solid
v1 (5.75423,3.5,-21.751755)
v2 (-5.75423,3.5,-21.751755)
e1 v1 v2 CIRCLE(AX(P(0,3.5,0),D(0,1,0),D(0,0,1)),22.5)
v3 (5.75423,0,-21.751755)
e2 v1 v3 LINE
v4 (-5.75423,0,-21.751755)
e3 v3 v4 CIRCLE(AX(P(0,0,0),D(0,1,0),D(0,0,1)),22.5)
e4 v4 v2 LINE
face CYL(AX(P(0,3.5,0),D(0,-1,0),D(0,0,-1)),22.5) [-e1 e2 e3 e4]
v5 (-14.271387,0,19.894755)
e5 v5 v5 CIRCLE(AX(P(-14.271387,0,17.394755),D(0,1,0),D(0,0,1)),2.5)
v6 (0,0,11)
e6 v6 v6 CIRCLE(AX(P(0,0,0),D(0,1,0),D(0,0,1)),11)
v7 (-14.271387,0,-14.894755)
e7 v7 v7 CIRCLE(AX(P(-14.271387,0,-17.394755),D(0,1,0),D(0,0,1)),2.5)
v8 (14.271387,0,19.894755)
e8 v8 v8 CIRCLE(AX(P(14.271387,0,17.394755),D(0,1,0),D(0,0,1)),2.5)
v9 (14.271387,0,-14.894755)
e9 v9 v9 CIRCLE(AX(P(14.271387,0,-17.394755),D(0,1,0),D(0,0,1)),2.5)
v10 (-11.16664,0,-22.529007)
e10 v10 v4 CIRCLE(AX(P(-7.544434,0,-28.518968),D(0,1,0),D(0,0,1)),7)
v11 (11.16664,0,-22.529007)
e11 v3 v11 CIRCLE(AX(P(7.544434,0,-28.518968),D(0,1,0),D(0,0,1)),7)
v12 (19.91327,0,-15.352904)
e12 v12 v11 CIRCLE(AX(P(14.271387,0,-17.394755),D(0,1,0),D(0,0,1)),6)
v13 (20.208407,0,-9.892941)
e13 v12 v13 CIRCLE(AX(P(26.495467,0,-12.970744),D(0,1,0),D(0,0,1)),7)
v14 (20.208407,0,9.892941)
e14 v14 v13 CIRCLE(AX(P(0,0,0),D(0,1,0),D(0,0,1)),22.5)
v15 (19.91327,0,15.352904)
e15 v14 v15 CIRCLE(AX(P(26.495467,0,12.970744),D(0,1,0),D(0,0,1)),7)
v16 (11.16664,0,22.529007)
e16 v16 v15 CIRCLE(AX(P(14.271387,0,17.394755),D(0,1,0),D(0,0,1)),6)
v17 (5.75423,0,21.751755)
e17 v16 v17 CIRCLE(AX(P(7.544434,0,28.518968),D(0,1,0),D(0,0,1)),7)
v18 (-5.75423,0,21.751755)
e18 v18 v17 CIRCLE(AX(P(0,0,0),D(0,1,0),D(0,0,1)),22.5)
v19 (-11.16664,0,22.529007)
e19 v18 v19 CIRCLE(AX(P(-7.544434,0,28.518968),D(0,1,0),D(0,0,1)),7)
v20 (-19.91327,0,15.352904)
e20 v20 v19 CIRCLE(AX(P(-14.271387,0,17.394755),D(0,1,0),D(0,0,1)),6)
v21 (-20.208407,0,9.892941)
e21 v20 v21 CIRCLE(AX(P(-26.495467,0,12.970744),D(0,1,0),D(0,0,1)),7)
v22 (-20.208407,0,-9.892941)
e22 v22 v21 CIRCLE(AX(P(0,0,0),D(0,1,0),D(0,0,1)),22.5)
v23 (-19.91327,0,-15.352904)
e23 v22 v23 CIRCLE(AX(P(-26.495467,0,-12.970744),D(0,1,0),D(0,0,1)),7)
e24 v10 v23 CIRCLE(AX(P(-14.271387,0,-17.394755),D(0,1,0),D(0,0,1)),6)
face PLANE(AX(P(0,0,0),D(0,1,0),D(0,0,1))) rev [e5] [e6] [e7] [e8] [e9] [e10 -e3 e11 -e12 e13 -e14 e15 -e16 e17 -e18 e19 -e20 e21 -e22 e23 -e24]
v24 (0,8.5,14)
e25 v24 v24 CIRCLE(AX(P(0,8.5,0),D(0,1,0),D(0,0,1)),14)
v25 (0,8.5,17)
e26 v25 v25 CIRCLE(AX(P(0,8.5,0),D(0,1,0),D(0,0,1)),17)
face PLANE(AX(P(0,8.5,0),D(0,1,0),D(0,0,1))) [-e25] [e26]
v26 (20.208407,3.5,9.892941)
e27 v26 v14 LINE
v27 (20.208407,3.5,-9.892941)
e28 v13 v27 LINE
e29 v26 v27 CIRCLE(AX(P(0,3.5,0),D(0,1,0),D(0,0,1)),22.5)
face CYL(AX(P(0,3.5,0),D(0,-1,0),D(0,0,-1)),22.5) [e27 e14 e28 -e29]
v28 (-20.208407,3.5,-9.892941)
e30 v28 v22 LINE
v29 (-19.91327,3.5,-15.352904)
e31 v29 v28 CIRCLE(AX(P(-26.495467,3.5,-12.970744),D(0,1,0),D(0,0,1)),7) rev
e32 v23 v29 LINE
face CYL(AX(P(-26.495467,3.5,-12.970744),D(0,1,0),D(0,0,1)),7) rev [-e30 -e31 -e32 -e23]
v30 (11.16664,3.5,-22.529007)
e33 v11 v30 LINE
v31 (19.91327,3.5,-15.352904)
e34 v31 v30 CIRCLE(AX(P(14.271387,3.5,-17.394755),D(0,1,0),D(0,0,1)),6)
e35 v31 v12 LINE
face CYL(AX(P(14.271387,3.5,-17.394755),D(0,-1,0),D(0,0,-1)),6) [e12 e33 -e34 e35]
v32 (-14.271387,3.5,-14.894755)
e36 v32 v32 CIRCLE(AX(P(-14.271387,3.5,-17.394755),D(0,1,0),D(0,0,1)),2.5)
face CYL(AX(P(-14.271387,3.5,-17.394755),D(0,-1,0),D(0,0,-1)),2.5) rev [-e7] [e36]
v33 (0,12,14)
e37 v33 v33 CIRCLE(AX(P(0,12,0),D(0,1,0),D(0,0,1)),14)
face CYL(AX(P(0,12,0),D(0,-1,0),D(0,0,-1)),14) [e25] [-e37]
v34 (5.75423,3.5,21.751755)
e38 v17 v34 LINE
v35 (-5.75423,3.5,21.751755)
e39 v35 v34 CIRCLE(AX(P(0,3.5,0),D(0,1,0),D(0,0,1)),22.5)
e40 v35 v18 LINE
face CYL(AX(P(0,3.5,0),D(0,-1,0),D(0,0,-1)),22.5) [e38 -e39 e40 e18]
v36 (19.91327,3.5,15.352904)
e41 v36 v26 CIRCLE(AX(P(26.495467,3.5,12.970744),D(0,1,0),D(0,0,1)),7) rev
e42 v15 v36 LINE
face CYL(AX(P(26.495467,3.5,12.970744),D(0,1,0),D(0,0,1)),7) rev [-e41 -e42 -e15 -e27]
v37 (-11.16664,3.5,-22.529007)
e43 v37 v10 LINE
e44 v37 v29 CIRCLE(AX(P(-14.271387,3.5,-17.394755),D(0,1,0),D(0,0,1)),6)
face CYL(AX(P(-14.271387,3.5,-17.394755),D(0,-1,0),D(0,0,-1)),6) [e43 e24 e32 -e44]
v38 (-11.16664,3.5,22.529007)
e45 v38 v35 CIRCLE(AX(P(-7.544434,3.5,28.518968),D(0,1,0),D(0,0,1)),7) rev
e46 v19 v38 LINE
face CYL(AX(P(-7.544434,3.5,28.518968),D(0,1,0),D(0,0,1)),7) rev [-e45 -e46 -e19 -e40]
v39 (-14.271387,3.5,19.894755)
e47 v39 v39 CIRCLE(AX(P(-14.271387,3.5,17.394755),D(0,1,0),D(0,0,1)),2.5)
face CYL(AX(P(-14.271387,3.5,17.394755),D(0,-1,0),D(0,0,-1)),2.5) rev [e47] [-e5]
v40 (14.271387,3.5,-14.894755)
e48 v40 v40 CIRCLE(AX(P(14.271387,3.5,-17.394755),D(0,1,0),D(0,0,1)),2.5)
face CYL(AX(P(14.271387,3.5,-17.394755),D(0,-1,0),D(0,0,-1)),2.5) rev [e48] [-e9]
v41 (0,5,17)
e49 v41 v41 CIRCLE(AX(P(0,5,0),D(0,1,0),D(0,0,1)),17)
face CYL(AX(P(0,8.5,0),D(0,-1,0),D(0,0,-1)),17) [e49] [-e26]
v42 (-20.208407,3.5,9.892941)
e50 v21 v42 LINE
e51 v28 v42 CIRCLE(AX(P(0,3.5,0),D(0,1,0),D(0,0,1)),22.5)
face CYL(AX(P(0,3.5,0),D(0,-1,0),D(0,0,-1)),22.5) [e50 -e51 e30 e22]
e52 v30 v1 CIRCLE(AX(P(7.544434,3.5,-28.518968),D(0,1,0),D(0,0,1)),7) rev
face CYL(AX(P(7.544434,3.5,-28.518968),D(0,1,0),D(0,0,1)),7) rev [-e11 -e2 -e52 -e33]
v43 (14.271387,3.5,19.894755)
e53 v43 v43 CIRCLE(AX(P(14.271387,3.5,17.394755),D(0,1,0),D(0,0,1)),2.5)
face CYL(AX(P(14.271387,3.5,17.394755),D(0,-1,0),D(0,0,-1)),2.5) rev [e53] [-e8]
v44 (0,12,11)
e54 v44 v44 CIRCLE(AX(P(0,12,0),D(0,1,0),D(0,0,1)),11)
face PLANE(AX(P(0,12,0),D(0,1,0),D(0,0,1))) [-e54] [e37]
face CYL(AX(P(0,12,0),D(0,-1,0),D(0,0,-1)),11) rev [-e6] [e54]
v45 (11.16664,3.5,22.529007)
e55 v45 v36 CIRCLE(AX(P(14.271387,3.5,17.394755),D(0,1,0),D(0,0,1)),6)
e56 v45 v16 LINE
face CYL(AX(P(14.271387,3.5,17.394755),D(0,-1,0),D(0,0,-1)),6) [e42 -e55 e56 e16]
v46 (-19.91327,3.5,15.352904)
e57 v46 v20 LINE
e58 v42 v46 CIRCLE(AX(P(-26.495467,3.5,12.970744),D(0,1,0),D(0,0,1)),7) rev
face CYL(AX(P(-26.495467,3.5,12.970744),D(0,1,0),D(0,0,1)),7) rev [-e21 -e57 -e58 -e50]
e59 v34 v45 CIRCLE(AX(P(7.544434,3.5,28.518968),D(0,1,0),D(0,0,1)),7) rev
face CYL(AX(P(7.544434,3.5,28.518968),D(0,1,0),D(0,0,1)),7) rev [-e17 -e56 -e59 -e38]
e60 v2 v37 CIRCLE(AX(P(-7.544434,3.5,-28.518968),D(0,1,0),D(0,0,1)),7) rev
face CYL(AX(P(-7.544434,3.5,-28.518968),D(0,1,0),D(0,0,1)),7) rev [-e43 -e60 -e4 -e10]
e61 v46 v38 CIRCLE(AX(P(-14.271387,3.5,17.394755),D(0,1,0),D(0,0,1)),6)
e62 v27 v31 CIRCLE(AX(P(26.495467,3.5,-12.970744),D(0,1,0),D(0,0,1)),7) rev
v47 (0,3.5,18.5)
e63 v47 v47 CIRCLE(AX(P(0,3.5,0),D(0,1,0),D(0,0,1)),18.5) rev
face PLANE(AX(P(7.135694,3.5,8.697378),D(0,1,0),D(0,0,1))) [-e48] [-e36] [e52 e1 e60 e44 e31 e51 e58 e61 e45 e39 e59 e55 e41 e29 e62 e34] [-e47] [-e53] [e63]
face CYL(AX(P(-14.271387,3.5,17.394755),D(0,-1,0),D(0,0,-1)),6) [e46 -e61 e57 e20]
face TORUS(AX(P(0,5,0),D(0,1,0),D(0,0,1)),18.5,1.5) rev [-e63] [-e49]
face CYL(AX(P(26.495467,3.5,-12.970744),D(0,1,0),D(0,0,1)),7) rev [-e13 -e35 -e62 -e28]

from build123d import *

# Parameters (mm, degrees)
SKETCH2_R           = 14
SKETCH2_R_2         = 11
BOSS_EXTRUDE1_DEPTH = 12
SKETCH3_R           = 17
SKETCH3_R_2         = 14
BOSS_EXTRUDE2_DEPTH = 8.5
SKETCH4_R           = 2.5
SKETCH4_R_2         = 17
BOSS_EXTRUDE3_DEPTH = 3.5
FILLET1_R           = 1.5
FILLET2_R           = 7


with BuildPart() as part:
    # Sketch2 → Boss-Extrude1 (new body)
    with BuildSketch(Plane(origin=(0, 0, 0), x_dir=(1, 0, 0), z_dir=(0, 1, 0))):
        with Locations(Location((0, 0, 0), (0, 0, 270))):
            Circle(SKETCH2_R)
        with Locations(Location((0, 0, 0), (0, 0, 270))):
            Circle(SKETCH2_R_2, mode=Mode.SUBTRACT)
    extrude(amount=BOSS_EXTRUDE1_DEPTH)

    # Sketch3 → Boss-Extrude2 (add)
    with BuildSketch(Plane(origin=(0, 0, 0), x_dir=(1, 0, 0), z_dir=(0, 1, 0))):
        with Locations(Location((0, 0, 0), (0, 0, 270))):
            Circle(SKETCH3_R)
        with Locations(Location((0, 0, 0), (0, 0, 270))):
            Circle(SKETCH3_R_2, mode=Mode.SUBTRACT)
    extrude(amount=BOSS_EXTRUDE2_DEPTH)

    # Sketch4 → Boss-Extrude3 (add)
    with BuildSketch(Plane(origin=(0, 0, 0), x_dir=(1, 0, 0), z_dir=(0, 1, 0))):
        with BuildLine():
            ThreePointArc((-18.361144712, 13.004551698), (-22.5, 0), (-18.361144712, -13.004551698))
            ThreePointArc((-18.361144712, -13.004551698), (-18.077090702, -22.033356344), (-9.166775866, -20.547997962))
            ThreePointArc((-9.166775866, -20.547997962), (0, -22.5), (9.166775866, -20.547997962))
            ThreePointArc((9.166775866, -20.547997962), (18.077090702, -22.033356344), (18.361144712, -13.004551698))
            ThreePointArc((18.361144712, -13.004551698), (22.5, 0), (18.361144712, 13.004551698))
            ThreePointArc((18.361144712, 13.004551698), (18.077090702, 22.033356344), (9.166775866, 20.547997962))
            ThreePointArc((9.166775866, 20.547997962), (0, 22.5), (-9.166775866, 20.547997962))
            ThreePointArc((-9.166775866, 20.547997962), (-18.077090702, 22.033356344), (-18.361144712, 13.004551698))
        make_face()
        with Locations(Location((-14.271387396, 17.394755008, 0), (0, 0, 270))):
            Circle(SKETCH4_R, mode=Mode.SUBTRACT)
        with Locations(Location((14.271387396, 17.394755008, 0), (0, 0, 270))):
            Circle(SKETCH4_R, mode=Mode.SUBTRACT)
        with Locations(Location((-14.271387396, -17.394755008, 0), (0, 0, 270))):
            Circle(SKETCH4_R, mode=Mode.SUBTRACT)
        with Locations(Location((14.271387396, -17.394755008, 0), (0, 0, 270))):
            Circle(SKETCH4_R, mode=Mode.SUBTRACT)
        with Locations(Location((0, 0, 0), (0, 0, 270))):
            Circle(SKETCH4_R_2, mode=Mode.SUBTRACT)
    extrude(amount=BOSS_EXTRUDE3_DEPTH)

    # Fillet1
    fillet1_edges = [part.edges().sort_by_distance(p)[0] for p in [
        (0, 3.5, -17),
    ]]
    fillet(fillet1_edges, radius=FILLET1_R)

    # Fillet2
    fillet2_edges = [part.edges().sort_by_distance(p)[0] for p in [
        (-9.166775866, 1.75, 20.547997962),
        (9.166775866, 1.75, 20.547997962),
        (18.361144712, 1.75, 13.004551698),
        (18.361144712, 1.75, -13.004551698),
        (9.166775866, 1.75, -20.547997962),
        (-9.166775866, 1.75, -20.547997962),
        (-18.361144712, 1.75, -13.004551698),
        (-18.361144712, 1.75, 13.004551698),
    ]]
    fillet(fillet2_edges, radius=FILLET2_R)


solid = part.part
